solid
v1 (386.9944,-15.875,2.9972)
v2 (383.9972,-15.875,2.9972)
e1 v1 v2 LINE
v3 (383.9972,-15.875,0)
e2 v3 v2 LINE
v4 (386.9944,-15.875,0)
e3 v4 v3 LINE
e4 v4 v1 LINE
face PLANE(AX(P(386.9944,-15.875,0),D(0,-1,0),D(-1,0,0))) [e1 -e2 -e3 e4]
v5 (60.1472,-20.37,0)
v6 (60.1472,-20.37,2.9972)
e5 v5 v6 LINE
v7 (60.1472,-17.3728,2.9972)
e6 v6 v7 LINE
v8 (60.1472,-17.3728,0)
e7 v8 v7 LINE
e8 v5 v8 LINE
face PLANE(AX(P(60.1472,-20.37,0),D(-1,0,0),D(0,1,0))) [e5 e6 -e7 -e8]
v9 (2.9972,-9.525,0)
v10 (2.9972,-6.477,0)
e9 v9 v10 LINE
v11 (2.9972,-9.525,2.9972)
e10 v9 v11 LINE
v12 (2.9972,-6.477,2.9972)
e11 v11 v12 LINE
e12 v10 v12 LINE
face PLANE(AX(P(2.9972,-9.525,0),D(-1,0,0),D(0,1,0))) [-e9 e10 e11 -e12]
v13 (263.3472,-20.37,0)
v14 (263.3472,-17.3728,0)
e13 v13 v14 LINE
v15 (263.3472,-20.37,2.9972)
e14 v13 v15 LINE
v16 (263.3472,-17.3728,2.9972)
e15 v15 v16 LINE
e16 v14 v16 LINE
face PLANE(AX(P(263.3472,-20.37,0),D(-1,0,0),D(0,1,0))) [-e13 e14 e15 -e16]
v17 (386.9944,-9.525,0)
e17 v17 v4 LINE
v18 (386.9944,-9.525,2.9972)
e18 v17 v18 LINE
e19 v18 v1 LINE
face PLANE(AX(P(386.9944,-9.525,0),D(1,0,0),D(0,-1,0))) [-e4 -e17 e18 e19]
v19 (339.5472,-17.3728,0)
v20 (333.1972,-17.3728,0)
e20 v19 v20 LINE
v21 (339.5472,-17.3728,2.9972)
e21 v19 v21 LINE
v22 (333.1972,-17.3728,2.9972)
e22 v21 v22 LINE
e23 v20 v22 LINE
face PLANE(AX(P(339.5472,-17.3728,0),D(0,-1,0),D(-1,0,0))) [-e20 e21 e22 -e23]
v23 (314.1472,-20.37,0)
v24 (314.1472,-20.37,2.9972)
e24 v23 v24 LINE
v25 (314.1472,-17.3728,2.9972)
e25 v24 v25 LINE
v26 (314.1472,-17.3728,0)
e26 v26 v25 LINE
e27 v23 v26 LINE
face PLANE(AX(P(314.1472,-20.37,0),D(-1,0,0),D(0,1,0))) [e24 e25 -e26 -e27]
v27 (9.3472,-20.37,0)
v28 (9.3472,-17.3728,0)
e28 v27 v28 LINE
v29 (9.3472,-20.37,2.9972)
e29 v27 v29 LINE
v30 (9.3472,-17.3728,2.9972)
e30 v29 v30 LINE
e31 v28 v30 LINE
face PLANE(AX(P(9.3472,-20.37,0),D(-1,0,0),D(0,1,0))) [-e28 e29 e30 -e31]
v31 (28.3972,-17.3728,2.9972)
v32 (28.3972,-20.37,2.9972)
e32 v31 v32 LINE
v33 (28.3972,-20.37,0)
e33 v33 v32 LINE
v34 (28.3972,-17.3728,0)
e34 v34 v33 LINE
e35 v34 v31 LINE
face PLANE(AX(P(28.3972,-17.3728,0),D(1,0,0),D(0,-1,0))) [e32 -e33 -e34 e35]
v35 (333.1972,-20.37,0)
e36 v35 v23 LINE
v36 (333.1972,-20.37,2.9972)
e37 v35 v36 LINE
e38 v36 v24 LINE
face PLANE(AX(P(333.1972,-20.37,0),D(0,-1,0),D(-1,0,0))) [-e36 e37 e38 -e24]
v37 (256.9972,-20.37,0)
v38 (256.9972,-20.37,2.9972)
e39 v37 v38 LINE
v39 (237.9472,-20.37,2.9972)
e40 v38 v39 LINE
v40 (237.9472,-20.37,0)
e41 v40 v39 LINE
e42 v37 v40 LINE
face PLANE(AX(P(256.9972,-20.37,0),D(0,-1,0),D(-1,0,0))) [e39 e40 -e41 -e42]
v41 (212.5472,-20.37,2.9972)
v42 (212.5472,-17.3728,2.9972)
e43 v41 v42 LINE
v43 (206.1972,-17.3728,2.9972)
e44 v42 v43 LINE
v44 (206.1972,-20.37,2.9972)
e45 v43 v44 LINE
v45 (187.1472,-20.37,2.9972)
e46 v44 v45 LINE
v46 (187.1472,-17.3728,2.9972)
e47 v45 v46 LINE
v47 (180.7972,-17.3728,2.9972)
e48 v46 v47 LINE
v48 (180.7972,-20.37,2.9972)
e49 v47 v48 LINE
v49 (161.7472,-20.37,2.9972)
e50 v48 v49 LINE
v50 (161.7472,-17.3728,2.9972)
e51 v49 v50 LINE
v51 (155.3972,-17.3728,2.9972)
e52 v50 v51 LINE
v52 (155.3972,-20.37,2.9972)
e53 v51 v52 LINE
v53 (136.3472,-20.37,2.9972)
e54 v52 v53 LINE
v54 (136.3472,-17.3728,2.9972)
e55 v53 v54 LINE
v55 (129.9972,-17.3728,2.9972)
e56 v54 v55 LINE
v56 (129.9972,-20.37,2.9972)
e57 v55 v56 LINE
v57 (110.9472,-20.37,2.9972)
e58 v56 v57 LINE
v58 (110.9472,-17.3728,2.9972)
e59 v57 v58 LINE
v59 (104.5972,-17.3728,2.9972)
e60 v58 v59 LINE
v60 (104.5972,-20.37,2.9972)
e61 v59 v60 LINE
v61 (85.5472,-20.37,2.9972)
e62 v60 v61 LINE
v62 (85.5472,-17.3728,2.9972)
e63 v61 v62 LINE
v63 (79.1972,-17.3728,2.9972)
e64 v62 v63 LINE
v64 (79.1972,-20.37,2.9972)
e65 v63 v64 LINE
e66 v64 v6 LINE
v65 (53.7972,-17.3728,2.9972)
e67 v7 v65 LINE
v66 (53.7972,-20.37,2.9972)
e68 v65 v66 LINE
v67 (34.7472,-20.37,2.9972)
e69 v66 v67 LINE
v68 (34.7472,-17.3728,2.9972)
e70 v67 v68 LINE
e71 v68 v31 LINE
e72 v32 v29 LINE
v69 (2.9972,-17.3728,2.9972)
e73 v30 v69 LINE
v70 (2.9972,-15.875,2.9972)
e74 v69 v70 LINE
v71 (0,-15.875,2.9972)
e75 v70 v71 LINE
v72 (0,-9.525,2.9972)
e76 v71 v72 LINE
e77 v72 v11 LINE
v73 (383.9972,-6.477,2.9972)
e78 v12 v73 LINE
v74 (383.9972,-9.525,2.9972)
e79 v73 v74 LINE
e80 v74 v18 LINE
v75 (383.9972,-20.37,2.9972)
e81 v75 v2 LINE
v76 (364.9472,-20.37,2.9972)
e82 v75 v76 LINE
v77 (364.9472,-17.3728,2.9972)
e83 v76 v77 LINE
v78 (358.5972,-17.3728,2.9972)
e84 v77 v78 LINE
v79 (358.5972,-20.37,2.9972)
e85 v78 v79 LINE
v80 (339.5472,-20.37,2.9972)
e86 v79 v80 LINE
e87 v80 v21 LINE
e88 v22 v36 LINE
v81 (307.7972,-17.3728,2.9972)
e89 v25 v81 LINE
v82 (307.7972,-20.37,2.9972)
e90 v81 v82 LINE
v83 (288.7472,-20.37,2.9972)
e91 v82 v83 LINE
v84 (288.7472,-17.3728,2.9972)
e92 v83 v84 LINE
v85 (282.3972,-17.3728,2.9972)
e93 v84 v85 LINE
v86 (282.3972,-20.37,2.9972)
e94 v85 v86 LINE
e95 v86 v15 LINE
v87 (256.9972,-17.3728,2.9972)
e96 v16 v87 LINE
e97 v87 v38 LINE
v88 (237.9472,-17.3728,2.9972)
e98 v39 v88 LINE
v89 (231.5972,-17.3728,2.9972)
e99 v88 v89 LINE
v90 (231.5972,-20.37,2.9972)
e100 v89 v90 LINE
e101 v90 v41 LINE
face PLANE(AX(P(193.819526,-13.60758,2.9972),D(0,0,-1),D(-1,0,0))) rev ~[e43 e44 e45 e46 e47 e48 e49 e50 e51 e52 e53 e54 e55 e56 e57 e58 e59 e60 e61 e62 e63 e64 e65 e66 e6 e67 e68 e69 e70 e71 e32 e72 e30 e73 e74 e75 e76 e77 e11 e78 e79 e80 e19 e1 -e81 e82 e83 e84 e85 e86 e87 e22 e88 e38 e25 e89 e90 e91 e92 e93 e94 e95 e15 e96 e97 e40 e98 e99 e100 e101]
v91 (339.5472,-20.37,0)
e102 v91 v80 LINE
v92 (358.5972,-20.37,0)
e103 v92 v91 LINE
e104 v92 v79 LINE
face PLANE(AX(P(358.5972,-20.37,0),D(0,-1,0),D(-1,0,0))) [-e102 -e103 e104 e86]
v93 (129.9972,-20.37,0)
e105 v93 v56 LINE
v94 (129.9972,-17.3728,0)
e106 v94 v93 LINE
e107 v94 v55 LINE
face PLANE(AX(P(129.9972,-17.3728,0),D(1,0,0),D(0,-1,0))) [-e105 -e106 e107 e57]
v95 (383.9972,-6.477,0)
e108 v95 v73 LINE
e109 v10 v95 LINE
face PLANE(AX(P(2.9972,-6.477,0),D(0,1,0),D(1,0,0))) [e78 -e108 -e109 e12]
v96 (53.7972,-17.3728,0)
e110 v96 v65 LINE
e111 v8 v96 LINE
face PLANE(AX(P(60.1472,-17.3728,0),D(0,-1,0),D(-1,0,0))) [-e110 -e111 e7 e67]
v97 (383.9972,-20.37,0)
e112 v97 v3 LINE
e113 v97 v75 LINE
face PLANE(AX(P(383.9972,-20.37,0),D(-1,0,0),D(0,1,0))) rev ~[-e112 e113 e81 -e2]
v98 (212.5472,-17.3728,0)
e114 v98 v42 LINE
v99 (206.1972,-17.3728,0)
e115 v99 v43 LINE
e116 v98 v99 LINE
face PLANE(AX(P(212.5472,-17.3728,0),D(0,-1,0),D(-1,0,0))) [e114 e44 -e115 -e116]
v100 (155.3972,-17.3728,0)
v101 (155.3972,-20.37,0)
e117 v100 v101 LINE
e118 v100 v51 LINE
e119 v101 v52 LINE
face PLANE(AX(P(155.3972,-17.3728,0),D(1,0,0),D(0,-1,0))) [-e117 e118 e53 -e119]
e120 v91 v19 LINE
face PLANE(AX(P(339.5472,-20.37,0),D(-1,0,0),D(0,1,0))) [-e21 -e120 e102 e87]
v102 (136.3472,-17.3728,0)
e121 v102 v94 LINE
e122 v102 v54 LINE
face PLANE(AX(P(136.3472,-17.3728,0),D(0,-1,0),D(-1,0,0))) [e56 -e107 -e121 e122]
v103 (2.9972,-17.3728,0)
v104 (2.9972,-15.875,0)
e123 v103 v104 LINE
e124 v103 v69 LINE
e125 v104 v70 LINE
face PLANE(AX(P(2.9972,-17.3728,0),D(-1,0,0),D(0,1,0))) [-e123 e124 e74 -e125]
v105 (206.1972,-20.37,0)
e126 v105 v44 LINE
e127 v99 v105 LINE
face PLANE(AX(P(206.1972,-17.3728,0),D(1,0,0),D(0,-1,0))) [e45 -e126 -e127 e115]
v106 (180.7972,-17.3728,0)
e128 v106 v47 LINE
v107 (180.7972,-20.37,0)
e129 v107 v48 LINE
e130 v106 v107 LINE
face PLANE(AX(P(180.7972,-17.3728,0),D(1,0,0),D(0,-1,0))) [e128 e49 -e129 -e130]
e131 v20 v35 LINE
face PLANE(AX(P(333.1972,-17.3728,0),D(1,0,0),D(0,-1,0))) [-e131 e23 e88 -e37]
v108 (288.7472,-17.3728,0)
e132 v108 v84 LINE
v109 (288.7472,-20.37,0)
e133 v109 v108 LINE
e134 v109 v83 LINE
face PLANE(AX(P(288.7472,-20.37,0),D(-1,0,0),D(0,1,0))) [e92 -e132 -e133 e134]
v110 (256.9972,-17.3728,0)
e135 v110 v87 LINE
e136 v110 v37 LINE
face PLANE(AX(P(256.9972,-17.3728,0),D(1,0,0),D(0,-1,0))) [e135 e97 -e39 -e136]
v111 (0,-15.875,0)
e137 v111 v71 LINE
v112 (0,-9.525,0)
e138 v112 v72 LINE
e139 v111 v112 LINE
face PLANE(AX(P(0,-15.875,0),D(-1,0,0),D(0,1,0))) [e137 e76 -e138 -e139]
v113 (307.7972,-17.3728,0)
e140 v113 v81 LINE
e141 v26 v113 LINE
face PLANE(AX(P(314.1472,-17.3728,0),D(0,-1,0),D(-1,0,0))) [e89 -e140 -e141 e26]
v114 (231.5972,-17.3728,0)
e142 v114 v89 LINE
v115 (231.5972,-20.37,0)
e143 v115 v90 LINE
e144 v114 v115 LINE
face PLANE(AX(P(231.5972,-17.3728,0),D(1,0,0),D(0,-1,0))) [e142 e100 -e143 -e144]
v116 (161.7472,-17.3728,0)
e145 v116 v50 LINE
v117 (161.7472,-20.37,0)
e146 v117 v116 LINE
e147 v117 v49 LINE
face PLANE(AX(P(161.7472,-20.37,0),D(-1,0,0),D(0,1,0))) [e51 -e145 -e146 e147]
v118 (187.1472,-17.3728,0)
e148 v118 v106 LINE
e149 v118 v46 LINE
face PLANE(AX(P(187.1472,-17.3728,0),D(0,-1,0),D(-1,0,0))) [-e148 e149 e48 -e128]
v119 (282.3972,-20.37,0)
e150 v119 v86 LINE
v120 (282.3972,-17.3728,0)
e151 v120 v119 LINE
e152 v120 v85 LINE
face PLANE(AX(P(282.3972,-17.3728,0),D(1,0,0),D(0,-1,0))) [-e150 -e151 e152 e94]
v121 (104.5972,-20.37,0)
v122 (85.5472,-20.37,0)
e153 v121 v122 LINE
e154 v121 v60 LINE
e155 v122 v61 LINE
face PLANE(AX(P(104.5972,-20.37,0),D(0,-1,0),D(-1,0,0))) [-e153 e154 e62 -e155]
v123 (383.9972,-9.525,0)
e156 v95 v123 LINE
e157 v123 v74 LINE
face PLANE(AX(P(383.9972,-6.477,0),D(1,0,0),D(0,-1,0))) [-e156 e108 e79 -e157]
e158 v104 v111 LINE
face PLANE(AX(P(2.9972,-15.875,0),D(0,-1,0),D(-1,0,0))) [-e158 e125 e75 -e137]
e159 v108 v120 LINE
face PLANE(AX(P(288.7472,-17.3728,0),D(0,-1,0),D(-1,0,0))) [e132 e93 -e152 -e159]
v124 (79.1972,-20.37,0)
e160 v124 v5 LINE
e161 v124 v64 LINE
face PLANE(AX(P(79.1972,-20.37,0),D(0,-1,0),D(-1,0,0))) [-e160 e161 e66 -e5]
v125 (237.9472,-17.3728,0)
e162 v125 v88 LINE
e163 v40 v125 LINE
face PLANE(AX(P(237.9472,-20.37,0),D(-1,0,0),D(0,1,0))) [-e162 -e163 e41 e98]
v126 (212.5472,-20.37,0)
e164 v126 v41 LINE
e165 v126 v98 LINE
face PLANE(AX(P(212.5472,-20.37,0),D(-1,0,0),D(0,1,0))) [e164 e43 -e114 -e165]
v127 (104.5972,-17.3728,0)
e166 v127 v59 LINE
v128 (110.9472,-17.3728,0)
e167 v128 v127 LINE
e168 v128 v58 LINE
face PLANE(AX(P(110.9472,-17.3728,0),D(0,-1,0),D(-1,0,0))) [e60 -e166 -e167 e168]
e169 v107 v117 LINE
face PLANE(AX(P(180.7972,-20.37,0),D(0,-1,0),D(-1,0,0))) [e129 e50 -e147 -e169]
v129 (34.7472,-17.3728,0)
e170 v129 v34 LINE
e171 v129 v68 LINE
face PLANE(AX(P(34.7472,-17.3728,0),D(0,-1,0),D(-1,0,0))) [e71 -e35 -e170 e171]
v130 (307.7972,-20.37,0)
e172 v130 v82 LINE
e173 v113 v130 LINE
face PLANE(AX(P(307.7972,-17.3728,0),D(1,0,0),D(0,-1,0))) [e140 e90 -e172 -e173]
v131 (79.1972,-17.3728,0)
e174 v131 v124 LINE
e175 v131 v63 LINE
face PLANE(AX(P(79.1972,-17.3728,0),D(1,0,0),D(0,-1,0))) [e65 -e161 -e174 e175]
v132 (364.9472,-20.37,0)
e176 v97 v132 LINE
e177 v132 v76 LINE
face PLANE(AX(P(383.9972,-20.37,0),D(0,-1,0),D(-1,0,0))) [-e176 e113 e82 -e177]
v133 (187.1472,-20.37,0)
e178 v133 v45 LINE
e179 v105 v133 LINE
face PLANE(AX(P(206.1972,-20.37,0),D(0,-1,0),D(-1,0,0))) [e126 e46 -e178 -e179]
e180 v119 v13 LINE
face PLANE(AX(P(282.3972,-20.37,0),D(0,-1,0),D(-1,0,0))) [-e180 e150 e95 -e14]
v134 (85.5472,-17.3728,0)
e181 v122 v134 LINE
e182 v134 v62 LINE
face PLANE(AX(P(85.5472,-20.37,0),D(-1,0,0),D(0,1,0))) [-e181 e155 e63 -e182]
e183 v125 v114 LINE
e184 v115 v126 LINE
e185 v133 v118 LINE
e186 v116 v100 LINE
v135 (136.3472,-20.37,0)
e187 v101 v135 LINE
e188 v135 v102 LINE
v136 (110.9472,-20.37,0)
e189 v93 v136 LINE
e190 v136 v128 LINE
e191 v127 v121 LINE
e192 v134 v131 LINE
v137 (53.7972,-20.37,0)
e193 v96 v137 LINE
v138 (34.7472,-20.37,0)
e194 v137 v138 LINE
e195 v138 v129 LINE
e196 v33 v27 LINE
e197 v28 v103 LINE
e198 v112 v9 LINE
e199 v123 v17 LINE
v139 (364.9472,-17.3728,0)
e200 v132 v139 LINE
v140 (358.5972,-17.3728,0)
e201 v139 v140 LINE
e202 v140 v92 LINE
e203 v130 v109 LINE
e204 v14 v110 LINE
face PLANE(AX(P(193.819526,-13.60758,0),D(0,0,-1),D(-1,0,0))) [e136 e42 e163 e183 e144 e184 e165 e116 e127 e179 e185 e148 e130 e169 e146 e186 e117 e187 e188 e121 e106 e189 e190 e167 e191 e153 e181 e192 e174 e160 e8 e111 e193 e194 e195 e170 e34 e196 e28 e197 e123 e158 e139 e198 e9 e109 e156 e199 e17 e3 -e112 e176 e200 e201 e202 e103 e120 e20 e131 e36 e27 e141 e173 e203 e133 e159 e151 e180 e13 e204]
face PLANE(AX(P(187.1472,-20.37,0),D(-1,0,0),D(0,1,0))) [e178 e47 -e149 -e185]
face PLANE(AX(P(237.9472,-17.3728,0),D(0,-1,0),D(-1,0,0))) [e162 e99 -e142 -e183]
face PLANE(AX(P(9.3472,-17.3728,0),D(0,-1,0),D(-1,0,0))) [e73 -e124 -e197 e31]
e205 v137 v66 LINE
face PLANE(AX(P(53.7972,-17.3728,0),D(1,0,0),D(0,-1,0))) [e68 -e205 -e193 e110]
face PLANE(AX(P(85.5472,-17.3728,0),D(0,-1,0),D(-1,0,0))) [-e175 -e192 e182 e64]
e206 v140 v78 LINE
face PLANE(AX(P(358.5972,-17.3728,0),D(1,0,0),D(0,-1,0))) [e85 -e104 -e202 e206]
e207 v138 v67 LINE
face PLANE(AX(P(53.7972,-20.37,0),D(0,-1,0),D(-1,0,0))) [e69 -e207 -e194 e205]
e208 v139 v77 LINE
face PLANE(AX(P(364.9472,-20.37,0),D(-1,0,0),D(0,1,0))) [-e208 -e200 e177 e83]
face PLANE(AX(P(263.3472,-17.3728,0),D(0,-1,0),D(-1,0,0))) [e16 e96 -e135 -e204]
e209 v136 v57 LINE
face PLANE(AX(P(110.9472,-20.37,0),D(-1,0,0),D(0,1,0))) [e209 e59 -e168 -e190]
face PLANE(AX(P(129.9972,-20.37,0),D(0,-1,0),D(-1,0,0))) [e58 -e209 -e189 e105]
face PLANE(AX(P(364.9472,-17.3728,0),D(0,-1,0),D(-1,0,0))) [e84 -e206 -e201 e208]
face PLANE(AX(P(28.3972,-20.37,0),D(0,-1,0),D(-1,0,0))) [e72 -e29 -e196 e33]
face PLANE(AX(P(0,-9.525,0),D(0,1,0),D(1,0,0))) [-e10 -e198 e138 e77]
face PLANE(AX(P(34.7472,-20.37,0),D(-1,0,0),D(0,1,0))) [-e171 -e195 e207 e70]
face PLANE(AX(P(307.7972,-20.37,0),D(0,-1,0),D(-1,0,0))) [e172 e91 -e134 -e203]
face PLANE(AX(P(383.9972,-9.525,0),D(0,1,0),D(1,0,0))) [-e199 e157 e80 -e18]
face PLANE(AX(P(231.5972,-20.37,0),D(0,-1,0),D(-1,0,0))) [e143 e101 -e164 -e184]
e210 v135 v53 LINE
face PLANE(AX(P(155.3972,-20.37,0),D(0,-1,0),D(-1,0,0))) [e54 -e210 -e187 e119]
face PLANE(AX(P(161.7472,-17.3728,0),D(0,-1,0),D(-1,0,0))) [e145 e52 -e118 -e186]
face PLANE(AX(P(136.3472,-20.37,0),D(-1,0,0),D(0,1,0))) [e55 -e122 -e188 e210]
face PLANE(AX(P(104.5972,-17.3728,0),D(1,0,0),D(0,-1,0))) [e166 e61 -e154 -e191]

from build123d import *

# Parameters (mm, degrees)
BOSS_EXTRUDE1_DEPTH = 2.9972


with BuildPart() as part:
    # Sketch1 → Boss-Extrude1 (new body)
    with BuildSketch(Plane.XY):
        Polygon((2.9972, -15.875), (0, -15.875), (0, -9.525), (2.9972, -9.525), (2.9972, -6.477), (383.9972, -6.477), (383.9972, -9.525), (386.9944, -9.525), (386.9944, -15.875), (383.9972, -15.875), (383.9972, -17.3728), (383.9972, -20.37), (364.9472, -20.37), (364.9472, -17.3728), (358.5972, -17.3728), (358.5972, -20.37), (339.5472, -20.37), (339.5472, -17.3728), (333.1972, -17.3728), (333.1972, -20.37), (314.1472, -20.37), (314.1472, -17.3728), (307.7972, -17.3728), (307.7972, -20.37), (288.7472, -20.37), (288.7472, -17.3728), (282.3972, -17.3728), (282.3972, -20.37), (263.3472, -20.37), (263.3472, -17.3728), (256.9972, -17.3728), (256.9972, -20.37), (237.9472, -20.37), (237.9472, -17.3728), (231.5972, -17.3728), (231.5972, -20.37), (212.5472, -20.37), (212.5472, -17.3728), (206.1972, -17.3728), (206.1972, -20.37), (187.1472, -20.37), (187.1472, -17.3728), (180.7972, -17.3728), (180.7972, -20.37), (161.7472, -20.37), (161.7472, -17.3728), (155.3972, -17.3728), (155.3972, -20.37), (136.3472, -20.37), (136.3472, -17.3728), (129.9972, -17.3728), (129.9972, -20.37), (110.9472, -20.37), (110.9472, -17.3728), (104.5972, -17.3728), (104.5972, -20.37), (85.5472, -20.37), (85.5472, -17.3728), (79.1972, -17.3728), (79.1972, -20.37), (60.1472, -20.37), (60.1472, -17.3728), (53.7972, -17.3728), (53.7972, -20.37), (34.7472, -20.37), (34.7472, -17.3728), (28.3972, -17.3728), (28.3972, -20.37), (9.3472, -20.37), (9.3472, -17.3728), (2.9972, -17.3728), align=None)
    extrude(amount=BOSS_EXTRUDE1_DEPTH)


solid = part.part
